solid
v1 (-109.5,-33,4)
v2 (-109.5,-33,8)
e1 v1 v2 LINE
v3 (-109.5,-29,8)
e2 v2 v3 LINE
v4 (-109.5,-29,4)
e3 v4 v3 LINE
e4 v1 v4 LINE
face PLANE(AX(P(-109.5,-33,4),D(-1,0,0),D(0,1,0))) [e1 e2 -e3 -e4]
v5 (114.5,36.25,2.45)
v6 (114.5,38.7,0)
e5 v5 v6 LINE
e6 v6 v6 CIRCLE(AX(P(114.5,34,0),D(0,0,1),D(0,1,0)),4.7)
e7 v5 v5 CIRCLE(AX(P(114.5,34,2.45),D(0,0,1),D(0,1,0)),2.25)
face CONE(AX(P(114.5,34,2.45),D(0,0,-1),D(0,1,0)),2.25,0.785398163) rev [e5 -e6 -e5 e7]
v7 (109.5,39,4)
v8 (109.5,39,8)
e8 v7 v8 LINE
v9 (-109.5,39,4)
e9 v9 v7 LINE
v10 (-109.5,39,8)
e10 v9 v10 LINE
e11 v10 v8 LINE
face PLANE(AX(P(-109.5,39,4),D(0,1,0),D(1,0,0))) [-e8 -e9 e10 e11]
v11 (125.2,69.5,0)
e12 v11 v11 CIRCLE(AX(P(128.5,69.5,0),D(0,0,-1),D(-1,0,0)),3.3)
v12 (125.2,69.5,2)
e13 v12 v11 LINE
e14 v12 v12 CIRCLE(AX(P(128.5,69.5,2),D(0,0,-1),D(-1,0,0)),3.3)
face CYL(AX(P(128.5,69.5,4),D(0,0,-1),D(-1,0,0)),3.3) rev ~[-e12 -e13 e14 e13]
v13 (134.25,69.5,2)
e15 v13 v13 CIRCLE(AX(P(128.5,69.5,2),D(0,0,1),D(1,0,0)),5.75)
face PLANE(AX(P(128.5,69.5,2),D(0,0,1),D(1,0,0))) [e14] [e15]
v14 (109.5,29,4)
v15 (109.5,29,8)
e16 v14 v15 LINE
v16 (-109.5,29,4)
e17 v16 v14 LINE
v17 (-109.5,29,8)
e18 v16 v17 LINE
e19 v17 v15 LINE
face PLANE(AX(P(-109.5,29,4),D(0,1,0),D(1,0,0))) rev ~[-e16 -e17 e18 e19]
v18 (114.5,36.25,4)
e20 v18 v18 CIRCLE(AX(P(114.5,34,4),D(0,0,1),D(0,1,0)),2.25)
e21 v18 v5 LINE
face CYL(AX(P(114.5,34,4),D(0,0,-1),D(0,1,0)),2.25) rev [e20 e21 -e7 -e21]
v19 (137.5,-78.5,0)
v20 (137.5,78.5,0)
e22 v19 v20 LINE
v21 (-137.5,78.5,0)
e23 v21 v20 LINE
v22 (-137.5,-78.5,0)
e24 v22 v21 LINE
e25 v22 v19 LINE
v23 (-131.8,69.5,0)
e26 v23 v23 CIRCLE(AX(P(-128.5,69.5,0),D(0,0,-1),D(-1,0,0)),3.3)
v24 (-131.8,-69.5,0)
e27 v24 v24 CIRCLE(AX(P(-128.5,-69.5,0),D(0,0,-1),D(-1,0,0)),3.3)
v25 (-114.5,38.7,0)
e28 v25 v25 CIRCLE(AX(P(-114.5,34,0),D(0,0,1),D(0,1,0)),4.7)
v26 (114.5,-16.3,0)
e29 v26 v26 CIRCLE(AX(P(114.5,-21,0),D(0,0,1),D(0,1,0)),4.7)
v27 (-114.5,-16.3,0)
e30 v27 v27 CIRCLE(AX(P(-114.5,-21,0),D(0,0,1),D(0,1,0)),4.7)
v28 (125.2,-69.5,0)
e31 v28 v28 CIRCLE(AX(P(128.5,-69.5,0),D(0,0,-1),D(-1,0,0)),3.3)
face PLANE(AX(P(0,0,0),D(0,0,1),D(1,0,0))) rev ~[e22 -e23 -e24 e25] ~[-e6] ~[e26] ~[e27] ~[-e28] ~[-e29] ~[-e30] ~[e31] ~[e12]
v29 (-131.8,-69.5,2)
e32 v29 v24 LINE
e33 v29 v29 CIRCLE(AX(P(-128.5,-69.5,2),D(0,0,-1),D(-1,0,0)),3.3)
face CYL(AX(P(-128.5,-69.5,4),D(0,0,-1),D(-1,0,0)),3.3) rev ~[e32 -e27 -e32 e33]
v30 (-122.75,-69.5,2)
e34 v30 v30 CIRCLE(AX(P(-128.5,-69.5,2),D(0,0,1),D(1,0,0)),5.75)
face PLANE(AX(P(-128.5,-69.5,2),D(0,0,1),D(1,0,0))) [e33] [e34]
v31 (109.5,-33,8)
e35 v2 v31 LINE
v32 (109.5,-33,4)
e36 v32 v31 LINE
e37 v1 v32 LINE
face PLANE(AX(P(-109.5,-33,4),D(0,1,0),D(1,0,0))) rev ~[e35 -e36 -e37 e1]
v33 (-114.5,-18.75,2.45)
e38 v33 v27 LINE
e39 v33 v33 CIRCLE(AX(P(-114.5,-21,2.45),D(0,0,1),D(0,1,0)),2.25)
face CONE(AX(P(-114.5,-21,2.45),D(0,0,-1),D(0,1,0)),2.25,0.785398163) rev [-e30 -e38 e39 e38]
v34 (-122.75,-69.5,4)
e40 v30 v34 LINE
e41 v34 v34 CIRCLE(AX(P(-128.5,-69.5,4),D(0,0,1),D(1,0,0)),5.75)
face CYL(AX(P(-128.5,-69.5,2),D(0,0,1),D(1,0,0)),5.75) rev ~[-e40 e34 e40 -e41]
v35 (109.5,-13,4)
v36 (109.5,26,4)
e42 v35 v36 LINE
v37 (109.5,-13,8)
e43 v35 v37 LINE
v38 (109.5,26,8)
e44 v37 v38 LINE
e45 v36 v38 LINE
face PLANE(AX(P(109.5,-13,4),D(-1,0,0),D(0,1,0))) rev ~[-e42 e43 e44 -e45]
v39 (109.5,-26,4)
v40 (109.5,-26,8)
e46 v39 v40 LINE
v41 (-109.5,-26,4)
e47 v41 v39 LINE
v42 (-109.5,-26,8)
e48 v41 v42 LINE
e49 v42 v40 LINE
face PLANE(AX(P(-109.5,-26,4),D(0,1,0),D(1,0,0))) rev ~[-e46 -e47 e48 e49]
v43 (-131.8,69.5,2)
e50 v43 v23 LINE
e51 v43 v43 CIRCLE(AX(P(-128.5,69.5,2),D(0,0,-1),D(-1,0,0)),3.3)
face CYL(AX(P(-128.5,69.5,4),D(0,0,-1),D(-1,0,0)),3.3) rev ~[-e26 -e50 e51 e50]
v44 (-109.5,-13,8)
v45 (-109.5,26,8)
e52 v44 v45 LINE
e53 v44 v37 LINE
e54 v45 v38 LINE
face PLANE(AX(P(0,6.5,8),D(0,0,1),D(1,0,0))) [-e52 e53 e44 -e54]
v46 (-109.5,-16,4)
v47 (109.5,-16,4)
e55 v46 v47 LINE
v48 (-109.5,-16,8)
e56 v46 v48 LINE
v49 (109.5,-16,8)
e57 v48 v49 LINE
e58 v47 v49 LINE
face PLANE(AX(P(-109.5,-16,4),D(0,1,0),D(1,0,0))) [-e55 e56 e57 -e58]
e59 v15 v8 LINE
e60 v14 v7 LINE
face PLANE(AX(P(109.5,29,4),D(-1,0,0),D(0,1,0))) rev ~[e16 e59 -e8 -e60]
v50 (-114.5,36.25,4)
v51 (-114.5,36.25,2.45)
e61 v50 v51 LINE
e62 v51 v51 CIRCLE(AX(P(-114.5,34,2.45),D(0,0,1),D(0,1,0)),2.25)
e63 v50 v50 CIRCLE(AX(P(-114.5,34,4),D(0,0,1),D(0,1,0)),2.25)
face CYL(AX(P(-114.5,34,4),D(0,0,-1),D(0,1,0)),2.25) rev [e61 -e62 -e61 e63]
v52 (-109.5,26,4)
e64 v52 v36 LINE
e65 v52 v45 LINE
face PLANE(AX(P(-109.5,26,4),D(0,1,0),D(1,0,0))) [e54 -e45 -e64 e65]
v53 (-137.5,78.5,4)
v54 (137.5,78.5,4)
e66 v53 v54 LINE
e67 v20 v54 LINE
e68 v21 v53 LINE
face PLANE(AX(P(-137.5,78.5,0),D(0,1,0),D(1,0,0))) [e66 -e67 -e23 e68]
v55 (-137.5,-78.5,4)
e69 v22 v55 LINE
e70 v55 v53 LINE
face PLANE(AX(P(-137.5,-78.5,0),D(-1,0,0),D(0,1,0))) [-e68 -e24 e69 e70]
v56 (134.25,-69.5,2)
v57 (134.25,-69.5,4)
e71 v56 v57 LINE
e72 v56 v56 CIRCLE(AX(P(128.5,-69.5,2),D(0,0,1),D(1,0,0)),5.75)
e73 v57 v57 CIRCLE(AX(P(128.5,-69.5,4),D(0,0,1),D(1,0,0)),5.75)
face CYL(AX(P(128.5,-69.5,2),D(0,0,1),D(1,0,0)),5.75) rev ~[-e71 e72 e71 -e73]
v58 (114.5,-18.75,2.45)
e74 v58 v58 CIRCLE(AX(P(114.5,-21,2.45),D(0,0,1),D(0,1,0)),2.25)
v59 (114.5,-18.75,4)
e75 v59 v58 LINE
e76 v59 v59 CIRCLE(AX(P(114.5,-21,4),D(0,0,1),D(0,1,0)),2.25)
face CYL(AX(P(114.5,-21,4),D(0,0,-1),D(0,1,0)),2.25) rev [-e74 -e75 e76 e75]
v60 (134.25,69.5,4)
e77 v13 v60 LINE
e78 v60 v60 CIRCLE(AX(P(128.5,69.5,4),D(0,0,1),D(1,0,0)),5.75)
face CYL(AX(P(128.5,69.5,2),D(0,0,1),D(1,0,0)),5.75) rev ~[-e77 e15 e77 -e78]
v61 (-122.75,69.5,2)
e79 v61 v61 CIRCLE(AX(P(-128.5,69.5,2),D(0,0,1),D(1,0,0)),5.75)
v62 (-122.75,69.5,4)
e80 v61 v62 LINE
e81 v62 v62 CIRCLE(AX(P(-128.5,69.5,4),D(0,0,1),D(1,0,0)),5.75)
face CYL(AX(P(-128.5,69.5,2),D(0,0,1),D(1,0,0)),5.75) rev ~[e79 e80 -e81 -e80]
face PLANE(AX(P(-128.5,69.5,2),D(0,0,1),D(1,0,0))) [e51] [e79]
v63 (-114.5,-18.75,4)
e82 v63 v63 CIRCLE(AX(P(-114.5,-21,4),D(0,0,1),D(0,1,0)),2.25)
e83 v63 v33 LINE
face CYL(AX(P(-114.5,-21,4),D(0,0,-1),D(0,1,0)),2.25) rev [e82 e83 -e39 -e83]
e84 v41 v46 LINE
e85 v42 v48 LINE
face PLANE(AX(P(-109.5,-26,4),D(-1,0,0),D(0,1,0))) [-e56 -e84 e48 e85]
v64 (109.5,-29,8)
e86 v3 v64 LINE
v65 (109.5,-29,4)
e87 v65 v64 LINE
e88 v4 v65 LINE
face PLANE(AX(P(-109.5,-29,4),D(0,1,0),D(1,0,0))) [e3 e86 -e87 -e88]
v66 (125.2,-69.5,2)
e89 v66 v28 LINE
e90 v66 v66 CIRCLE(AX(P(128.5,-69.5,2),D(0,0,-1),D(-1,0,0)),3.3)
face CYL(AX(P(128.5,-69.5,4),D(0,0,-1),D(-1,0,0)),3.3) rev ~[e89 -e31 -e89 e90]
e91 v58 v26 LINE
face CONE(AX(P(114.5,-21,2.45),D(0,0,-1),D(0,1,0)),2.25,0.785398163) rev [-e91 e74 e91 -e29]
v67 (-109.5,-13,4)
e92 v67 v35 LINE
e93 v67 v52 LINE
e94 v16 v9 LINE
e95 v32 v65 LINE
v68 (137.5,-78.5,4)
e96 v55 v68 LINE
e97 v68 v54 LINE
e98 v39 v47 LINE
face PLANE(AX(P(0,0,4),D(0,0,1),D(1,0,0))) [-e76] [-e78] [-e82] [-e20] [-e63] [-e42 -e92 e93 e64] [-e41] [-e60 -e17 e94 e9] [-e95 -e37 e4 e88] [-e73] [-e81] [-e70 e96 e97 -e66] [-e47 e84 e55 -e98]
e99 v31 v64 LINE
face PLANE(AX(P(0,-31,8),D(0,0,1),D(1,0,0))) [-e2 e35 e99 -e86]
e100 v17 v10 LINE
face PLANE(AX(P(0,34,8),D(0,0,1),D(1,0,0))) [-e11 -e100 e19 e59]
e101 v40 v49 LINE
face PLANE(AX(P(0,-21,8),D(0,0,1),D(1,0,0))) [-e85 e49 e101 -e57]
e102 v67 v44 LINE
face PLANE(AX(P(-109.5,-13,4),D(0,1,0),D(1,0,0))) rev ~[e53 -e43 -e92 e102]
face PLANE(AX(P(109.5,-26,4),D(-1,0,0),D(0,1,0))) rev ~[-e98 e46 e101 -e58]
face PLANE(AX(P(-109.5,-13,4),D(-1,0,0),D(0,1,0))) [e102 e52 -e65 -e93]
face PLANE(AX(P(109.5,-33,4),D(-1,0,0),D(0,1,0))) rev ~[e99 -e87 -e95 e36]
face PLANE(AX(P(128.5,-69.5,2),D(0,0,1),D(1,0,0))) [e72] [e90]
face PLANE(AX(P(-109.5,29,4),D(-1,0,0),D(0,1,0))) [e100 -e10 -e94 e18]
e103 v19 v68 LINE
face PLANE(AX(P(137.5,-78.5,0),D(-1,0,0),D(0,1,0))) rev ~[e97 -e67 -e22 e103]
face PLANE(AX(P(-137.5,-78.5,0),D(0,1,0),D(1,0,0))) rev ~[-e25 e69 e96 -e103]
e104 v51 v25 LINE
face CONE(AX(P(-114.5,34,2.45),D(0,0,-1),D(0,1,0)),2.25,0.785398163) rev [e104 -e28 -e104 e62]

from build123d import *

# Parameters (mm, degrees)
ESQUISSE4_W                                      = 275
ESQUISSE4_H                                      = 157
BOSS_EXTRU_2_DEPTH                               = 4
FRAISAGE_POUR_VIS_T_TE_FRAIS_E_M42_AT_COUNT      = 2
FRAISAGE_POUR_VIS_T_TE_FRAIS_E_M42_AT_PITCH      = 235.512207752
FRAISAGE_POUR_VIS_T_TE_FRAIS_E_M42_2_COUNT       = 2
FRAISAGE_POUR_VIS_T_TE_FRAIS_E_M42_2_PITCH       = 229
FRAISAGE_POUR_VIS_T_TE_FRAIS_E_M42_3_COUNT       = 2
FRAISAGE_POUR_VIS_T_TE_FRAIS_E_M42_3_PITCH       = 55
CHAMBRAGE_POUR_VIS_T_TE_RONDE_6_PANS_D           = 6.6
CHAMBRAGE_POUR_VIS_T_TE_RONDE_6_PANS_CBORE_D     = 11.5
CHAMBRAGE_POUR_VIS_T_TE_RONDE_6_PANS_CBORE_DEPTH = 2
ESQUISSE9_W                                      = 219
ESQUISSE9_H                                      = 10
ESQUISSE9_H_2                                    = 39
ESQUISSE9_H_3                                    = 4
BOSS_EXTRU_3_DEPTH                               = 4


with BuildPart() as part:
    # Esquisse4 → Boss.-Extru.2 (new body)
    with BuildSketch(Plane.XY):
        Rectangle(ESQUISSE4_W, ESQUISSE4_H)
    extrude(amount=BOSS_EXTRU_2_DEPTH)

    # Esquisse6 → Fraisage pour vis à tête fraisée M42 (revolve, cut)
    with BuildSketch(Plane(origin=(-114.5, -21, 0), x_dir=(0, 1, 0), z_dir=(1, 0, 0))):
        Polygon((0, 0), (0, 4), (2.25, 4), (2.25, 2.45), (4.7, 0), align=None)
    fraisage_pour_vis_t_te_frais_e_m42 = revolve(axis=Axis((-114.5, -21, -6.35), (0, 0, 1)), mode=Mode.SUBTRACT)

    # Fraisage pour vis à tête fraisée M42 at: Fraisage pour vis à tête fraisée M42 ×2
    with Locations(*[Vector(0.972348747, 0.233533542, 0) * (i * FRAISAGE_POUR_VIS_T_TE_FRAIS_E_M42_AT_PITCH) for i in range(1, FRAISAGE_POUR_VIS_T_TE_FRAIS_E_M42_AT_COUNT)]):
        add(fraisage_pour_vis_t_te_frais_e_m42, mode=Mode.SUBTRACT)

    # Fraisage pour vis _ t_te frais_e M42 2: Fraisage pour vis à tête fraisée M42 ×2
    with Locations(*[(i * FRAISAGE_POUR_VIS_T_TE_FRAIS_E_M42_2_PITCH, 0, 0) for i in range(1, FRAISAGE_POUR_VIS_T_TE_FRAIS_E_M42_2_COUNT)]):
        add(fraisage_pour_vis_t_te_frais_e_m42, mode=Mode.SUBTRACT)

    # Fraisage pour vis _ t_te frais_e M42 3: Fraisage pour vis à tête fraisée M42 ×2
    with Locations(*[(0, i * FRAISAGE_POUR_VIS_T_TE_FRAIS_E_M42_3_PITCH, 0) for i in range(1, FRAISAGE_POUR_VIS_T_TE_FRAIS_E_M42_3_COUNT)]):
        add(fraisage_pour_vis_t_te_frais_e_m42, mode=Mode.SUBTRACT)

    # Chambrage pour Vis à tête ronde à 6 pans creux M61 (through all)
    with Locations(Plane.XY.offset(4)):
        with Locations((128.5, -69.5), (-128.5, -69.5), (-128.5, 69.5), (128.5, 69.5)):
            CounterBoreHole(CHAMBRAGE_POUR_VIS_T_TE_RONDE_6_PANS_D / 2, CHAMBRAGE_POUR_VIS_T_TE_RONDE_6_PANS_CBORE_D / 2, CHAMBRAGE_POUR_VIS_T_TE_RONDE_6_PANS_CBORE_DEPTH)

    # Esquisse9 → Boss.-Extru.3 (add)
    with BuildSketch(Plane.XY.offset(4)):
        with Locations((0, 34)):
            Rectangle(ESQUISSE9_W, ESQUISSE9_H)
        with Locations((0, 6.5)):
            Rectangle(ESQUISSE9_W, ESQUISSE9_H_2)
        with Locations((0, -21)):
            Rectangle(ESQUISSE9_W, ESQUISSE9_H)
        with Locations((0, -31)):
            Rectangle(ESQUISSE9_W, ESQUISSE9_H_3)
    extrude(amount=BOSS_EXTRU_3_DEPTH)


solid = part.part
